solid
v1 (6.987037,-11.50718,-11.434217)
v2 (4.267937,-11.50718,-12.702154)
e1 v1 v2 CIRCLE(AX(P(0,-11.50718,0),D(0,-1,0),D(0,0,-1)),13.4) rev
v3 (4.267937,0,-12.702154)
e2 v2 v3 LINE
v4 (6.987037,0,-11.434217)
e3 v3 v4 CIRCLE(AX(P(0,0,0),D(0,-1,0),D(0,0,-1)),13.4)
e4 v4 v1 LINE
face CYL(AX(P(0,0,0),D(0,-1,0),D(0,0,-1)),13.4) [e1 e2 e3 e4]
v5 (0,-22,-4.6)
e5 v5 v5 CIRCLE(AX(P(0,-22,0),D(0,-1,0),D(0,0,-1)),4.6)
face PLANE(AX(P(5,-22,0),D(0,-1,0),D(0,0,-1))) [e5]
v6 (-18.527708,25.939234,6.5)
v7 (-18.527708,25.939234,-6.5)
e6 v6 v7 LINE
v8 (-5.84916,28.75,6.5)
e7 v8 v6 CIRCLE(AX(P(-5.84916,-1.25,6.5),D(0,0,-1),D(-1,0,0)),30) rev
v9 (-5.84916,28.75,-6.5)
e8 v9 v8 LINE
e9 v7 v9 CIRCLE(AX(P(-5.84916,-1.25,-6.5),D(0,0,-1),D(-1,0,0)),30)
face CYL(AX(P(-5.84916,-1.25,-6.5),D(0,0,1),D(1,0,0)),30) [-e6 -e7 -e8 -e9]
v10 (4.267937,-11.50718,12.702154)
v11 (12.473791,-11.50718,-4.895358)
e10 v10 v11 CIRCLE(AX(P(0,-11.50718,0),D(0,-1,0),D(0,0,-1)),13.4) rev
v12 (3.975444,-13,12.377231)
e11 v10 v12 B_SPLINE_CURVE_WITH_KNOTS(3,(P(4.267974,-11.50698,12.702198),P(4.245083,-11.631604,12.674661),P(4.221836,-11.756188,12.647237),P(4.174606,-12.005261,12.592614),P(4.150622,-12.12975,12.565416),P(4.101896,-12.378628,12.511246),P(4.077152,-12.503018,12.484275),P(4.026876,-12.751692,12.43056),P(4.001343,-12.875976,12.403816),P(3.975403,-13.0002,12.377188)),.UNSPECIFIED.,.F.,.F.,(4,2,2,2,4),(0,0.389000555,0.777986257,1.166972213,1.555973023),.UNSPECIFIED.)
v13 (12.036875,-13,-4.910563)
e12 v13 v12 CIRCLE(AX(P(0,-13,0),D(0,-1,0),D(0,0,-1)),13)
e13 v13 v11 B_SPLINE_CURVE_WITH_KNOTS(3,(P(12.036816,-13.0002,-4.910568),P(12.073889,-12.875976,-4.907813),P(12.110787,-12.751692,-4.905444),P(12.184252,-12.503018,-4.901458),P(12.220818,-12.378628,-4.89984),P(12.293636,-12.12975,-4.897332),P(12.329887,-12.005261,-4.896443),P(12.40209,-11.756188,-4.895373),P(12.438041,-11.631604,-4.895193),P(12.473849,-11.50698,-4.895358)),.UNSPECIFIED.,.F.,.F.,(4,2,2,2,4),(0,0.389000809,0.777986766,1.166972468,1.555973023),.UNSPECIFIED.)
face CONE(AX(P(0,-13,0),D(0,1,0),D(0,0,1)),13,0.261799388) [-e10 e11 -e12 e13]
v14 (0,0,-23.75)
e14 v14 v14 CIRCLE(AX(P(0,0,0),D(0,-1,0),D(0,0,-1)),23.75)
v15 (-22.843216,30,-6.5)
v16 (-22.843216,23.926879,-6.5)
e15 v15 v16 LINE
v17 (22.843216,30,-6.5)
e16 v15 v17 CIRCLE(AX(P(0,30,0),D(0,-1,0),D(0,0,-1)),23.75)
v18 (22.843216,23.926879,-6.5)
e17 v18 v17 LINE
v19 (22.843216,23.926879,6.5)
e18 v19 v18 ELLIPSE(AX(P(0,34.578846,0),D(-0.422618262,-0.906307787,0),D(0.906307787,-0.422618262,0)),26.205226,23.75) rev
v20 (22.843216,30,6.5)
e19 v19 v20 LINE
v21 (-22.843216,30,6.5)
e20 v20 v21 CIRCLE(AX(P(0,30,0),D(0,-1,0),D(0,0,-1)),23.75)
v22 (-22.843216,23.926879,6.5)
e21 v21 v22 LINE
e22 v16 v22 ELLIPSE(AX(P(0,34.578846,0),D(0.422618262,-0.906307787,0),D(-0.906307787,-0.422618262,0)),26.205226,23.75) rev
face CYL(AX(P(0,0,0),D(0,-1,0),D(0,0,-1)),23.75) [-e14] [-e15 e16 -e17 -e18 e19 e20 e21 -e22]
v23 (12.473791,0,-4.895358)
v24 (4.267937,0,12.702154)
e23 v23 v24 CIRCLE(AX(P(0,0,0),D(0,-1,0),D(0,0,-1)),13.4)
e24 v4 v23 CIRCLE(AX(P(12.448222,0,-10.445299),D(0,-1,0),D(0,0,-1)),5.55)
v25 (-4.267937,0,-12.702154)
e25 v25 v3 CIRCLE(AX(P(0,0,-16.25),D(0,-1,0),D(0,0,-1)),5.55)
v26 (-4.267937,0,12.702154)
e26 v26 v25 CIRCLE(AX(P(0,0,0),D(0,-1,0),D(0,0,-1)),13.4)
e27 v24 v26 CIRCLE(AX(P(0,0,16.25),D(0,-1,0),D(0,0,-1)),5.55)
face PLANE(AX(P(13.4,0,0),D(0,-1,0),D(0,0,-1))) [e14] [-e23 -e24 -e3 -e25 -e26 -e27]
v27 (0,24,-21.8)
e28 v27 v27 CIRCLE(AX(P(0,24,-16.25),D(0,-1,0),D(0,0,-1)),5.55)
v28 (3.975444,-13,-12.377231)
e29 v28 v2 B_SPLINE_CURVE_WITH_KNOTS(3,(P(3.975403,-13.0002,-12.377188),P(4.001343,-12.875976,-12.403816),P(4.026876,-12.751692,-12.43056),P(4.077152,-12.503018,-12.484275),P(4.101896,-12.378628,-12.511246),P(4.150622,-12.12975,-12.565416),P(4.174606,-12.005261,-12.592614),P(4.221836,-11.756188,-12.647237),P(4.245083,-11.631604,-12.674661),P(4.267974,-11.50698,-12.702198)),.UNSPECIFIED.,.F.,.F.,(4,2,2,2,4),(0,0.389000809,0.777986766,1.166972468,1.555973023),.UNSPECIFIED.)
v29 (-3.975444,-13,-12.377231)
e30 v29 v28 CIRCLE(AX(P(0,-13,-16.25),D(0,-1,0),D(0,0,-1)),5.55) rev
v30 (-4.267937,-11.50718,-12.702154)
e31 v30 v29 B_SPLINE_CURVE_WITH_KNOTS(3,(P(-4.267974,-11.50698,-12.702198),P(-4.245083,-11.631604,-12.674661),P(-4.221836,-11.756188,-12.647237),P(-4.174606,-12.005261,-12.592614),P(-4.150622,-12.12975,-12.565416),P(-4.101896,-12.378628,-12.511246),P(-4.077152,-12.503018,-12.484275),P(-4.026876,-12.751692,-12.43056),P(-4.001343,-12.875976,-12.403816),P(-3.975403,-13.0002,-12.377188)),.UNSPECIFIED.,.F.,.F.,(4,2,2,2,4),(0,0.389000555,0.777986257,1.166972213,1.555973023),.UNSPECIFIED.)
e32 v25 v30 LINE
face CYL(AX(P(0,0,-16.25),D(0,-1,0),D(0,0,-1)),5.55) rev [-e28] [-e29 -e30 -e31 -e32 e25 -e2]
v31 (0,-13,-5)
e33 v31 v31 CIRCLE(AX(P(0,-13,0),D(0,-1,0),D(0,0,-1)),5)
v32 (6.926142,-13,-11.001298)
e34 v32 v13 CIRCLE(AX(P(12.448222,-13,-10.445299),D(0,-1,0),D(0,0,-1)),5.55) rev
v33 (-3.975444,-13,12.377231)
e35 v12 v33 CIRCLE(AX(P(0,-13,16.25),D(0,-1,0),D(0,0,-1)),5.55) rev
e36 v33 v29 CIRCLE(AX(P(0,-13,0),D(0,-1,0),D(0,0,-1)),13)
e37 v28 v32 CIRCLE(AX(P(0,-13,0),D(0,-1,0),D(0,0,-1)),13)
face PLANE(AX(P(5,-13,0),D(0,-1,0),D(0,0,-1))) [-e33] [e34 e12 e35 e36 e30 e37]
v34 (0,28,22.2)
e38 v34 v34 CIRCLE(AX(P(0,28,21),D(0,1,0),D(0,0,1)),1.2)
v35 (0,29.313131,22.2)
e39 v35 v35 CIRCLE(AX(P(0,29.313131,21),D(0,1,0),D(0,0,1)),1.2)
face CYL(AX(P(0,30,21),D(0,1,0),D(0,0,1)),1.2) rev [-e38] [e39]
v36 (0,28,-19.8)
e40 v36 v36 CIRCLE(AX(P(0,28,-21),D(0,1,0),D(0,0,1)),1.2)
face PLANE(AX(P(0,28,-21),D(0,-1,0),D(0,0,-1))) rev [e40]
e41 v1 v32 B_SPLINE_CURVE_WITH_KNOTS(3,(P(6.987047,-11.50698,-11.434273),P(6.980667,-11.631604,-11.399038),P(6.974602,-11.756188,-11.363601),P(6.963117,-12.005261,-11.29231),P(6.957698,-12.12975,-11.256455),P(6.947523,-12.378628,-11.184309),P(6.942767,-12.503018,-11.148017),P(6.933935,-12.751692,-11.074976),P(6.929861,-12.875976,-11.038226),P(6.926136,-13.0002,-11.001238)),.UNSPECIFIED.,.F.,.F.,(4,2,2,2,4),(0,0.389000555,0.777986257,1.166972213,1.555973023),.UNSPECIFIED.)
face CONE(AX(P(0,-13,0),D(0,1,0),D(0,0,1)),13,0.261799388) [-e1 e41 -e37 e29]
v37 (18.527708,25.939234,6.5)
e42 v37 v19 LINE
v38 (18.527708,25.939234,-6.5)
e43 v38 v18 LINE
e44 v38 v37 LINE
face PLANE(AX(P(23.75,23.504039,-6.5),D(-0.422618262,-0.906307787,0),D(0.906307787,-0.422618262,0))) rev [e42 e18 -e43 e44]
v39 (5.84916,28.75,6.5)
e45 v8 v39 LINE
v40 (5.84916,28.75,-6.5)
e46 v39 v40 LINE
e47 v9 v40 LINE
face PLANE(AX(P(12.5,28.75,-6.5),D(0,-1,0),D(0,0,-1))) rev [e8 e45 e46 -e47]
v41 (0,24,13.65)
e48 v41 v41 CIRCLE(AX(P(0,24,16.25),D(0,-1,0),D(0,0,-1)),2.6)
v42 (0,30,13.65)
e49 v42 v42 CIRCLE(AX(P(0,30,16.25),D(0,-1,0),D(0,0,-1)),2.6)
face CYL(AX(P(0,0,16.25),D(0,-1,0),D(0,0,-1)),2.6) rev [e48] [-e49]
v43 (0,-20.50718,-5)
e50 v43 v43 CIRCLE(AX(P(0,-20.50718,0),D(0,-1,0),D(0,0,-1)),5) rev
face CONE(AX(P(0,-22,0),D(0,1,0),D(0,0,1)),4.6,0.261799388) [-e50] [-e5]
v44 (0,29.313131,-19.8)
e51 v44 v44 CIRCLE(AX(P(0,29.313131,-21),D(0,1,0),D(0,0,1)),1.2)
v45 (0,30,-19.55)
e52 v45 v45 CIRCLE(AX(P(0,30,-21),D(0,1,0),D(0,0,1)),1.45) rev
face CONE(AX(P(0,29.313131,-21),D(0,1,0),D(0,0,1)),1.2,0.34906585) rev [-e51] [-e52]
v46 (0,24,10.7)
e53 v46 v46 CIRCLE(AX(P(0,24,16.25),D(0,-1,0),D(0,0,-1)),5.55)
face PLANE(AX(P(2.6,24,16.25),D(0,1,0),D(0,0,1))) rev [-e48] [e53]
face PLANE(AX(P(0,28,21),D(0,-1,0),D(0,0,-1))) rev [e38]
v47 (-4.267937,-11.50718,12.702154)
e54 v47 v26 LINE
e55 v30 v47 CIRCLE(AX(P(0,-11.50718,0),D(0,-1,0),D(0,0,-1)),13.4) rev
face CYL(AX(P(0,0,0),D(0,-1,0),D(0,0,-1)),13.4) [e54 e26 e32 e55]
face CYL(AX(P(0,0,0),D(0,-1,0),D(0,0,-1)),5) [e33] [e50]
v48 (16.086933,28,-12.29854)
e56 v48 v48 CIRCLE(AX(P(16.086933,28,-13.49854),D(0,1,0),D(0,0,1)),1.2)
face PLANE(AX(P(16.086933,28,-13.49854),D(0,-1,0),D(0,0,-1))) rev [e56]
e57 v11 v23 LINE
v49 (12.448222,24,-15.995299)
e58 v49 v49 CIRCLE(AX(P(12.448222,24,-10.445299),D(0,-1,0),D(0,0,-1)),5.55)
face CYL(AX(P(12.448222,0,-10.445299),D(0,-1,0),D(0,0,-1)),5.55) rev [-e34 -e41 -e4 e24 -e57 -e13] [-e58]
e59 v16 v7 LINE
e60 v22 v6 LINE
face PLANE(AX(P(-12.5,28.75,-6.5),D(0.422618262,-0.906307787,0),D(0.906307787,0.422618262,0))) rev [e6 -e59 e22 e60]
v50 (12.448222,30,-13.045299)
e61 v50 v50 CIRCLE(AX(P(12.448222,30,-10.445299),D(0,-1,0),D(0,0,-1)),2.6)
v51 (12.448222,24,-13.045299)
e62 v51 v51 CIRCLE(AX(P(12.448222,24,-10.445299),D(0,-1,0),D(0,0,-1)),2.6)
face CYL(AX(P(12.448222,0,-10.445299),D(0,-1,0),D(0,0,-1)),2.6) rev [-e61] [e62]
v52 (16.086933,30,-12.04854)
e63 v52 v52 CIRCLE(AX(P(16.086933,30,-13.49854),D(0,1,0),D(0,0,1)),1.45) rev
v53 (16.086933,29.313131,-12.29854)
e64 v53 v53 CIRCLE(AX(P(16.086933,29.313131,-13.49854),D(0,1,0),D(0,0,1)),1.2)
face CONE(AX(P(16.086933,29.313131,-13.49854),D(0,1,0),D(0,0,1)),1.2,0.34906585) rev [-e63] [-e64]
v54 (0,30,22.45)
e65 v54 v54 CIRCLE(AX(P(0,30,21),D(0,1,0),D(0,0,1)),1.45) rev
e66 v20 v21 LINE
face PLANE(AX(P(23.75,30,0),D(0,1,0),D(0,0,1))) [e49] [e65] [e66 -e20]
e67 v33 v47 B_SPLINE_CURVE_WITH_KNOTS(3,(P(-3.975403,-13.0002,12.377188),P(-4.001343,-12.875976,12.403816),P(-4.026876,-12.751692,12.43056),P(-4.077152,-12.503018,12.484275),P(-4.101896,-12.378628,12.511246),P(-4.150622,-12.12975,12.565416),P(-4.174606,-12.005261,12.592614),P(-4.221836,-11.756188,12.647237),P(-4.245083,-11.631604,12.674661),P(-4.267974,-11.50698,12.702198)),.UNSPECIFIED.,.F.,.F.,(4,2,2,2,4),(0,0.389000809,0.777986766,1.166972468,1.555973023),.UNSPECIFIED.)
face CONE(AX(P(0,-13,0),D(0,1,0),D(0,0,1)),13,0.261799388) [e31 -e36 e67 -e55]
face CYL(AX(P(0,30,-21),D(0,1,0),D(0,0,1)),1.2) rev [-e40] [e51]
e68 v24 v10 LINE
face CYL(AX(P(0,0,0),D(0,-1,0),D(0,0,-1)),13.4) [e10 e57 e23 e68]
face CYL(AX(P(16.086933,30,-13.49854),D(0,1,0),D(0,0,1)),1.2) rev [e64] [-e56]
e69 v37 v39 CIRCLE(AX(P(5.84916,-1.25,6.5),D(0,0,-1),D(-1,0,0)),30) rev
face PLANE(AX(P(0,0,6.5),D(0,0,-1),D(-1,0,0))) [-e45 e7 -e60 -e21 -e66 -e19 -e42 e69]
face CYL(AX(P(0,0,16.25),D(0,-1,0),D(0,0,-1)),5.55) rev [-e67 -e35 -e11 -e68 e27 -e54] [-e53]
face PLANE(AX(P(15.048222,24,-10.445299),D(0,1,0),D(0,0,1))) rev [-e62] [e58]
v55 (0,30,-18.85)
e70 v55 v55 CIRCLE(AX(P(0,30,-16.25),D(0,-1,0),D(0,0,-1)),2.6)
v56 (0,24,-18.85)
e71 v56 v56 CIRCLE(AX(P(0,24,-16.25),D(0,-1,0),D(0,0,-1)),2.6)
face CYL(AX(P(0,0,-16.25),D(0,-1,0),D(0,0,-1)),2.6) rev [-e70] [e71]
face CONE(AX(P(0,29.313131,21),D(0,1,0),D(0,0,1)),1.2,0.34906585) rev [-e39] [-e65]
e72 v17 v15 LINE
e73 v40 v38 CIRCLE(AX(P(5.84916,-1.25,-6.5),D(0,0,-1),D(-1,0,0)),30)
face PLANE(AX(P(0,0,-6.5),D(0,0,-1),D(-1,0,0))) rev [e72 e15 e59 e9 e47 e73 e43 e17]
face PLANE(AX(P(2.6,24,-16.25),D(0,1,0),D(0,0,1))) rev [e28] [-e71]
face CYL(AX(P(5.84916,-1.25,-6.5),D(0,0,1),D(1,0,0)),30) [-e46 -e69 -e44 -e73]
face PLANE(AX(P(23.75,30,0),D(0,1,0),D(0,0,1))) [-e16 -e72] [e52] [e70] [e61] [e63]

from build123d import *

# Parameters (mm, degrees)
CHAMFER2_SIZE                  = 0.4
CHAMFER2_SIZE2                 = 1.492820323
CHAMFER2_PART_2_SIZE           = 0.4
CHAMFER2_PART_2_SIZE2          = 1.492820323
CBORE_FOR_M5_SBHCS1_AT_2_COUNT = 2
CBORE_FOR_M5_SBHCS1_AT_2_PITCH = 32.5
CBORE_FOR_M5_SBHCS1_AT_3_COUNT = 2
CBORE_FOR_M5_SBHCS1_AT_3_PITCH = 29.455003079
SKETCH16_R                     = 5.55
CUT_EXTRUDE6_DEPTH             = 23
F_2_4_2_4_DIAMETER_HOLE1_D     = 2.4
F_2_4_2_4_DIAMETER_HOLE1_DEPTH = 2
CHAMFER1_SIZE                  = 0.25
CHAMFER1_SIZE2                 = 0.686869355
CUT_EXTRUDE8_DEPTH             = 6.5
FILLET1_R                      = 30


with BuildPart() as part:
    # Sketch1 → Revolve1 (revolve)
    with BuildSketch(Plane.XY):
        Polygon((5, -22), (5, -13), (13.4, -13), (13.4, 0), (23.75, 0), (23.75, 30), (0, 30), (0, -22), align=None)
    revolve(axis=Axis((0, 0, 0), (0, 1, 0)))

    # Chamfer2
    chamfer2_edges = [part.edges().sort_by_distance(p)[0] for p in [
        (-5, -22, 0),
    ]]
    chamfer2_side = [part.faces().sort_by_distance(p)[0] for p in [
        (0, -22, 0),
    ]]
    chamfer(chamfer2_edges, length=CHAMFER2_SIZE, length2=CHAMFER2_SIZE2, reference=chamfer2_side[0])

    # Chamfer2 part 2
    chamfer2_part_2_edges = [part.edges().sort_by_distance(p)[0] for p in [
        (-13.4, -13, 0),
    ]]
    chamfer2_part_2_side = [part.faces().sort_by_distance(p)[0] for p in [
        (-5.379009235, -13, 0),
    ]]
    chamfer(chamfer2_part_2_edges, length=CHAMFER2_PART_2_SIZE, length2=CHAMFER2_PART_2_SIZE2, reference=chamfer2_part_2_side[0])

    # Sketch15 → CBORE for M5 SBHCS1 (revolve, cut)
    with BuildSketch(Plane(origin=(0, 0, 16.25), x_dir=(0, 0, -1), z_dir=(1, 0, 0))):
        Polygon((0, 0), (0, 30), (2.6, 30), (2.6, 24), (5.55, 24), (5.55, 0), align=None)
    cbore_for_m5_sbhcs1 = revolve(axis=Axis((0, -6.35, 16.25), (0, 1, 0)), mode=Mode.SUBTRACT)

    # CBORE for M5 SBHCS1 at 2: CBORE for M5 SBHCS1 ×2
    with Locations(*[(0, 0, -i * CBORE_FOR_M5_SBHCS1_AT_2_PITCH) for i in range(1, CBORE_FOR_M5_SBHCS1_AT_2_COUNT)]):
        add(cbore_for_m5_sbhcs1, mode=Mode.SUBTRACT)

    # CBORE for M5 SBHCS1 at 3: CBORE for M5 SBHCS1 ×2
    with Locations(*[Vector(0.422618262, 0, -0.906307787) * (i * CBORE_FOR_M5_SBHCS1_AT_3_PITCH) for i in range(1, CBORE_FOR_M5_SBHCS1_AT_3_COUNT)]):
        add(cbore_for_m5_sbhcs1, mode=Mode.SUBTRACT)

    # Sketch16 → Cut-Extrude6 (cut, through all)
    with BuildSketch(Plane.XZ):
        with Locations((0, -16.25)):
            Circle(SKETCH16_R)
        with Locations((12.448222201, -10.445298657)):
            Circle(SKETCH16_R)
        with Locations((0, 16.25)):
            Circle(SKETCH16_R)
    extrude(amount=CUT_EXTRUDE6_DEPTH, mode=Mode.SUBTRACT)

    # Ø2.4 (2.4) Diameter Hole1
    with Locations(Plane(origin=(0, 30, 0), x_dir=(1, 0, 0), z_dir=(0, 1, 0))):
        with Locations((0, 21), (16.086933305, 13.498539803), (0, -21)):
            Hole(F_2_4_2_4_DIAMETER_HOLE1_D / 2, depth=F_2_4_2_4_DIAMETER_HOLE1_DEPTH)

    # Chamfer1
    chamfer1_edges = [part.edges().sort_by_distance(p)[0] for p in [
        (1.2, 30, 21),
        (17.286933305, 30, -13.498539803),
        (1.2, 30, -21),
    ]]
    chamfer1_side = [part.faces().sort_by_distance(p)[0] for p in [
        (-0.198929798, 30, 0.16692192),
    ]]
    chamfer(chamfer1_edges, length=CHAMFER1_SIZE, length2=CHAMFER1_SIZE2, reference=chamfer1_side[0])

    # Sketch30 → Cut-Extrude8 (cut, symmetric)
    with BuildSketch(Plane.XY):
        Polygon((-23.75, 30), (23.75, 30), (23.75, 23.504038846), (12.5, 28.75), (-12.5, 28.75), (-23.75, 23.504038846), align=None)
    extrude(amount=CUT_EXTRUDE8_DEPTH, both=True, mode=Mode.SUBTRACT)

    # Fillet1
    fillet1_edges = [part.edges().sort_by_distance(p)[0] for p in [
        (12.5, 28.75, 0),
        (-12.5, 28.75, 0),
    ]]
    fillet(fillet1_edges, radius=FILLET1_R)


solid = part.part
